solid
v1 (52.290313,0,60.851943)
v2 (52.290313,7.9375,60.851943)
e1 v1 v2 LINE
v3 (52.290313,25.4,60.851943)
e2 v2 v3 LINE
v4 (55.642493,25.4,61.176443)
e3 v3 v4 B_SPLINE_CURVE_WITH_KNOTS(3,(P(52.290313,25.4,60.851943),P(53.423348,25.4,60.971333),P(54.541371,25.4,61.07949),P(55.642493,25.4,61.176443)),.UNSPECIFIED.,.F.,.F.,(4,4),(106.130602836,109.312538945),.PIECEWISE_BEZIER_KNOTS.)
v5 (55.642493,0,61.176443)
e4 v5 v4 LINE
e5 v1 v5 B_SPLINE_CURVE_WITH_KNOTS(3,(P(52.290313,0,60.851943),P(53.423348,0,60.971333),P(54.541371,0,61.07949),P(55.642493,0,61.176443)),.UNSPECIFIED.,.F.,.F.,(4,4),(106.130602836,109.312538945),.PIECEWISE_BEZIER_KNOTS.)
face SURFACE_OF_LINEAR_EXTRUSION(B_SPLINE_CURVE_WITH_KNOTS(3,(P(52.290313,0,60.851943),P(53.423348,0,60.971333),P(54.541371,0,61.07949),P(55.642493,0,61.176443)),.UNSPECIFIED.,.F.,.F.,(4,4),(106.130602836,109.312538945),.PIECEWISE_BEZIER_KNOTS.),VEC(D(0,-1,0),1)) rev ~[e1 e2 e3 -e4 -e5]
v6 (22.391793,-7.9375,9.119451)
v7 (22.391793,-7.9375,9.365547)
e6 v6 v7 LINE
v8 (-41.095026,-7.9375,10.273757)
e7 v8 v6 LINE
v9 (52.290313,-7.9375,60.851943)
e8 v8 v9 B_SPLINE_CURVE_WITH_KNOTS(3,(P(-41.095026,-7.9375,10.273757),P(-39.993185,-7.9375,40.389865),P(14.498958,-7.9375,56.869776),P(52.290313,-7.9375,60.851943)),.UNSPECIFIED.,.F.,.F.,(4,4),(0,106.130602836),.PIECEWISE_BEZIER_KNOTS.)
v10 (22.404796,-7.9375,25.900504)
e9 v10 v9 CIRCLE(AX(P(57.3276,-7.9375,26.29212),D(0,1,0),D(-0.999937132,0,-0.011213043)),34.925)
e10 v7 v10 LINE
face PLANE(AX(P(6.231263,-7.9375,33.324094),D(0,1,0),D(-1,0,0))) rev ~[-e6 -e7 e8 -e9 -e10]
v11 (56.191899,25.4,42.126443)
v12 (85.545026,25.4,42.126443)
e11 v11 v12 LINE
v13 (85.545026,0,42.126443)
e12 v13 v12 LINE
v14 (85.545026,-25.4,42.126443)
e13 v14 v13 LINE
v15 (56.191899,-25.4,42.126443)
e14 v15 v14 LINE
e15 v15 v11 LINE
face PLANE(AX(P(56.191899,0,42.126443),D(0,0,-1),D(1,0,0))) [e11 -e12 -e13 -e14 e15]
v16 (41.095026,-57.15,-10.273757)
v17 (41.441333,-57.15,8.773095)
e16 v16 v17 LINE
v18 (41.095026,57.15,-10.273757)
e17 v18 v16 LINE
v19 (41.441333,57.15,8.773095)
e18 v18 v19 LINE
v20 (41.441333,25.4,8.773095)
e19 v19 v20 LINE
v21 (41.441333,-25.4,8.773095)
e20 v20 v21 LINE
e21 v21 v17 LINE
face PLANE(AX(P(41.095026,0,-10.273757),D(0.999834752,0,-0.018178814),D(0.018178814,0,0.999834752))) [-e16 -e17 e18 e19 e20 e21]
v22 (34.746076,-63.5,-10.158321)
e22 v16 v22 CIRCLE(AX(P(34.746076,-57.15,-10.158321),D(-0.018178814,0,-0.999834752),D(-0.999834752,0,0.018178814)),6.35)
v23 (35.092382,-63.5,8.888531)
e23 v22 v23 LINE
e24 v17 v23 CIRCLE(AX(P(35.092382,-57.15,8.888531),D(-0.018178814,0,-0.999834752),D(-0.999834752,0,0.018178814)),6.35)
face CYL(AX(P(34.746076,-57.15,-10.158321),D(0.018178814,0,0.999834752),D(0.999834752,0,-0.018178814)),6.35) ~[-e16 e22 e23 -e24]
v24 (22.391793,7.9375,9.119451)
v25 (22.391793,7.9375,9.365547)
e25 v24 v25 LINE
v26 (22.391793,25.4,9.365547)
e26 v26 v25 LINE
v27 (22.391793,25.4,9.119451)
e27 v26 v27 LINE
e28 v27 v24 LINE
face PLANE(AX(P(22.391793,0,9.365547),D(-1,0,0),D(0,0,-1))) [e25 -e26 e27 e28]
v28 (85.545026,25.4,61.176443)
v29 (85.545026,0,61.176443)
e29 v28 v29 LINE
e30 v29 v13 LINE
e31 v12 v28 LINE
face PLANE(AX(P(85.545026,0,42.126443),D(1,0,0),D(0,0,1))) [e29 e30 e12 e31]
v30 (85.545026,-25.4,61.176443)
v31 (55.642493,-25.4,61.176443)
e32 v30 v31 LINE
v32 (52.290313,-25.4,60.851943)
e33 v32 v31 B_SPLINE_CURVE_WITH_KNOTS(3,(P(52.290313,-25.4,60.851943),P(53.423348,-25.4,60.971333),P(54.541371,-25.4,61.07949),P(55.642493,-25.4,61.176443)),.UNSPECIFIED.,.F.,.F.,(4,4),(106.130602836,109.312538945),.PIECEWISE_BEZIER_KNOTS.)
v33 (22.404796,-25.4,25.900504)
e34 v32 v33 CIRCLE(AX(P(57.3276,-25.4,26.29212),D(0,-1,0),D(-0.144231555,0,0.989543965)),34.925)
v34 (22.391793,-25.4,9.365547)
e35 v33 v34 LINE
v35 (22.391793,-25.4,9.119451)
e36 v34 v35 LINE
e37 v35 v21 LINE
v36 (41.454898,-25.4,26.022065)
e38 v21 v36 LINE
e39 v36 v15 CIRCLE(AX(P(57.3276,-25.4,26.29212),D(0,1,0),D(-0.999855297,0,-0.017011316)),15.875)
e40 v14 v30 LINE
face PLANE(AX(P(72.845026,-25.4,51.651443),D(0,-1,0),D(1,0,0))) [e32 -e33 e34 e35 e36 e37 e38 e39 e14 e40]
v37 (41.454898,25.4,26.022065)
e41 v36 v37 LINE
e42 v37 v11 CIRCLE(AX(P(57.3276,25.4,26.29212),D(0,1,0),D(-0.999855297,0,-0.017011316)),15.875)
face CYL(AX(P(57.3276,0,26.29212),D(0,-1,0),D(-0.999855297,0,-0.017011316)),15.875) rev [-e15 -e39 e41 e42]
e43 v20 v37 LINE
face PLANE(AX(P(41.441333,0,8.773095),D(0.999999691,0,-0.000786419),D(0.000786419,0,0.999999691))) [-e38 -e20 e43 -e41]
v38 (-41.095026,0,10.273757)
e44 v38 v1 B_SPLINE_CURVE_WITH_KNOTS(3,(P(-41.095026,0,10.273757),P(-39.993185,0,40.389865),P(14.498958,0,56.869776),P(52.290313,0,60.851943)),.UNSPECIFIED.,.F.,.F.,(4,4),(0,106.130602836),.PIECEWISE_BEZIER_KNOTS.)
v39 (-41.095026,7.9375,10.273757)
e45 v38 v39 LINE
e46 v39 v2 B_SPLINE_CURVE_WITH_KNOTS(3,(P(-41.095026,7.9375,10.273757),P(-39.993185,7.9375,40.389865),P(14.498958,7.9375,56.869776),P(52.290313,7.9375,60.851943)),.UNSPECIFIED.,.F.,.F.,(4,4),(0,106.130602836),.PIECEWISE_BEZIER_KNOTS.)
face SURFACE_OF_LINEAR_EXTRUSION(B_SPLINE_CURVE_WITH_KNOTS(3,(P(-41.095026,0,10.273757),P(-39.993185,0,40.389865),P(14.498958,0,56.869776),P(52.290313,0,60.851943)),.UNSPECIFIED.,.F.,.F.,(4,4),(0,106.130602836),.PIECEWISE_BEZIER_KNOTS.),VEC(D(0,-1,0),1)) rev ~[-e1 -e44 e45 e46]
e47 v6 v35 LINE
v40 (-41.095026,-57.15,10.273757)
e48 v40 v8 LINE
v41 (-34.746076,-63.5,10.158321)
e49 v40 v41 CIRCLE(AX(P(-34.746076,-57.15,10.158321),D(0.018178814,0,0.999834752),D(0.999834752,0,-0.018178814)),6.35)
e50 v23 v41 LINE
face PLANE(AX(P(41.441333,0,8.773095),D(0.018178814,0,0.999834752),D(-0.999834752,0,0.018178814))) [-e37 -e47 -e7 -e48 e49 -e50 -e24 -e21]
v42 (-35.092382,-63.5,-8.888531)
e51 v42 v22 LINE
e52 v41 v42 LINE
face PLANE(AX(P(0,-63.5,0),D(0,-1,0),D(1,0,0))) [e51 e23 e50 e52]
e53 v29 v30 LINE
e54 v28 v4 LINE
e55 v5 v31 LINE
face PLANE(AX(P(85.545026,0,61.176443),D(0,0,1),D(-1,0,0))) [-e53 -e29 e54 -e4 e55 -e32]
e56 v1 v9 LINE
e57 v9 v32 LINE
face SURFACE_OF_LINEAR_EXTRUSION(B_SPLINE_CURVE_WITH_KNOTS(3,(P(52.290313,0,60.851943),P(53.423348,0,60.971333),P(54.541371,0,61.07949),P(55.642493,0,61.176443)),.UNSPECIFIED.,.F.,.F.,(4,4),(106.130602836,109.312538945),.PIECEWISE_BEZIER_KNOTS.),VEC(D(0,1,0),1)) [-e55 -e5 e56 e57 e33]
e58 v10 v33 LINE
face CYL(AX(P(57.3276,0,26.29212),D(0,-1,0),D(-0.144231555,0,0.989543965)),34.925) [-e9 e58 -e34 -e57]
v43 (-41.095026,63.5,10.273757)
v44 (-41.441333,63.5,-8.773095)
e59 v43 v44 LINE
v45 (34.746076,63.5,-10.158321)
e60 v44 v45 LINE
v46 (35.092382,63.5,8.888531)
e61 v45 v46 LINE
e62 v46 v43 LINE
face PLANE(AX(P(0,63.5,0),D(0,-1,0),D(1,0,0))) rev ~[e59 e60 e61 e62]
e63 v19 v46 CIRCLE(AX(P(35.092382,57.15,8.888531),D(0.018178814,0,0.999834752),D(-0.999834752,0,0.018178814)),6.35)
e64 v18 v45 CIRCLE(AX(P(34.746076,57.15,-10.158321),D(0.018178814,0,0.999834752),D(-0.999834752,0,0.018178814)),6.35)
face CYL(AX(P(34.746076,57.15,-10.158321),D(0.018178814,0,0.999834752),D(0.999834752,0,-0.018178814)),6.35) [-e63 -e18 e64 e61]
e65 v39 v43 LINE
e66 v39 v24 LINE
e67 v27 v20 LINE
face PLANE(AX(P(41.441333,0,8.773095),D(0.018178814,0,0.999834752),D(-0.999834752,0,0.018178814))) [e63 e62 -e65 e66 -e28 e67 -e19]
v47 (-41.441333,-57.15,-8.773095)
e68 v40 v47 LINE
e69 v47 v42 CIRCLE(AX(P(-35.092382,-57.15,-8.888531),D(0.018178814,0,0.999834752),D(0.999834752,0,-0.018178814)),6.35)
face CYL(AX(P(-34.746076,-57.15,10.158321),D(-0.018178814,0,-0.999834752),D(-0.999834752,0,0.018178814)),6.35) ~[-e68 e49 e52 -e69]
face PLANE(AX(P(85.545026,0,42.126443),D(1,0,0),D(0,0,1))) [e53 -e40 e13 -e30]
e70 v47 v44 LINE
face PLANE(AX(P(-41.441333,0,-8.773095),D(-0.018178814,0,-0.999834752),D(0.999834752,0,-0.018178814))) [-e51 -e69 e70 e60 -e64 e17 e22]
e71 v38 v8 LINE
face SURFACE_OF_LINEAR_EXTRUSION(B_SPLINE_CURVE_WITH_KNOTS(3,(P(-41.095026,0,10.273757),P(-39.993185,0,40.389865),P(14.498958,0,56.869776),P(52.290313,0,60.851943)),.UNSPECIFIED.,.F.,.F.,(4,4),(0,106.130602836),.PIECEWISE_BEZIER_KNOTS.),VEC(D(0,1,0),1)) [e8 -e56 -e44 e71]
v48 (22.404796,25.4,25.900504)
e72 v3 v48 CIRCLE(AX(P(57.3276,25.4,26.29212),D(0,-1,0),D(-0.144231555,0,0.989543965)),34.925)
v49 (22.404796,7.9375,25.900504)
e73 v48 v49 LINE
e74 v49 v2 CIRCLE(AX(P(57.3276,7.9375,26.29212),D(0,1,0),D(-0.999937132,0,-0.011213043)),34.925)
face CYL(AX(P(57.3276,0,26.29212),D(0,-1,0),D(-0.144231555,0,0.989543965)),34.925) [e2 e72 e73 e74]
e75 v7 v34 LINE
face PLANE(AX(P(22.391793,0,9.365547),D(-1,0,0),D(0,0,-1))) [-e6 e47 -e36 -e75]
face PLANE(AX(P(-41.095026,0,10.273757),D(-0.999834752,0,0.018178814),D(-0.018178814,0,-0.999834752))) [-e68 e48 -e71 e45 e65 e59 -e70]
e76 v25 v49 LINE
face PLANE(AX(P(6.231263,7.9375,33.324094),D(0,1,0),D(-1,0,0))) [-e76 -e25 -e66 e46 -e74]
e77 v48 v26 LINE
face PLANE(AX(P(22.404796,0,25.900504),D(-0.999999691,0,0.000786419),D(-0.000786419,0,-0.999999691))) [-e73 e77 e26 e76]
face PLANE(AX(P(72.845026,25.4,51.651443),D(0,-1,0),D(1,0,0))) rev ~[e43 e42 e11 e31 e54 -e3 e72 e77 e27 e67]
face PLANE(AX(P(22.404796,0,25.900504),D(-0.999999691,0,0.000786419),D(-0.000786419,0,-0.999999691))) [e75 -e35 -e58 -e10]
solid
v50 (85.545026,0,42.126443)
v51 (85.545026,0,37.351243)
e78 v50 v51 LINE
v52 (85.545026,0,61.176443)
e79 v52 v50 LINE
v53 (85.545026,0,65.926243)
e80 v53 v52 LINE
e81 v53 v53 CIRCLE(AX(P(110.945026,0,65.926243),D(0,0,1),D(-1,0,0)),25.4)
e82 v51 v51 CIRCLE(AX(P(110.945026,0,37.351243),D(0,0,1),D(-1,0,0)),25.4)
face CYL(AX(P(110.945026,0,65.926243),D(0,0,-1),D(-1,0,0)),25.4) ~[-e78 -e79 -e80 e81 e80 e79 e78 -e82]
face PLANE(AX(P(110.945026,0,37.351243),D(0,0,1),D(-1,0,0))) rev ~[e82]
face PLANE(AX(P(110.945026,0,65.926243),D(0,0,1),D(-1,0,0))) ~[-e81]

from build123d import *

# Parameters (mm, degrees)
F1_DEPTH = 63.5
F0_W     = 25.4
F0_H     = 19.05
F2_DEPTH = 25.4
F3_DEPTH = 7.9375
F5_R     = 6.35


with BuildPart() as f1:
    # F0 (on Front) → F1 (new body, symmetric)
    with BuildSketch(Plane.XZ):
        Polygon((-41.4413325772, -8.7730954759), (41.0950261768, -10.2737565442), (41.4413325772, 8.7730954759), (22.3917926016, 9.1194507482), (-41.0950261768, 10.2737565442), align=None)
    extrude(amount=F1_DEPTH, both=True)

    # F0 (on Front) → F2 (join, symmetric)
    with BuildSketch(Plane.XZ):
        with Locations((72.8450261768, 51.6514434558)):
            Rectangle(F0_W, F0_H)
        with BuildLine():
            Line((22.3917926016, 9.1194507482), (41.4413325772, 8.7730954759))
            Line((41.4413325772, 8.7730954759), (41.4548975004, 26.0220651349))
            ThreePointArc((41.4548975004, 26.0220651349), (45.6161013981, 37.0092284112), (56.1918985276, 42.1264434558))
            Line((56.1918985276, 42.1264434558), (60.1450261768, 42.1264434558))
            Line((60.1450261768, 42.1264434558), (60.1450261768, 61.1764434558))
            Line((60.1450261768, 61.1764434558), (55.6424930992, 61.1764434558))
            add(Edge.make_bspline(
                [(52.2903132823, 60.8519427515), (53.4233481984, 60.971333396), (54.5413711132, 61.0794900705), (55.6424930992, 61.1764434558)],
                knots=[106.1306028358, 106.1306028358, 106.1306028358, 106.1306028358, 109.3125389445, 109.3125389445, 109.3125389445, 109.3125389445], degree=3))
            ThreePointArc((52.2903132823, 60.8519427515), (30.7832414406, 48.9890939254), (22.4047960117, 25.9005042398))
            Line((22.4047960117, 25.9005042398), (22.3917926016, 9.3655468447))
            Line((22.3917926016, 9.3655468447), (22.3917926016, 9.1194507482))
        make_face()
    extrude(amount=F2_DEPTH, both=True)

    # F0 (on Front) → F3 (join, symmetric)
    with BuildSketch(Plane.XZ):
        with BuildLine():
            add(Edge.make_bspline(
                [(-41.0950261768, 10.2737565442), (-39.9931851402, 40.3898650296), (14.4989577746, 56.8697757186), (52.2903132823, 60.8519427515)],
                knots=[0, 0, 0, 0, 106.1306028358, 106.1306028358, 106.1306028358, 106.1306028358], degree=3))
            Line((-41.0950261768, 10.2737565442), (22.3917926016, 9.1194507482))
            Line((22.3917926016, 9.1194507482), (22.3917926016, 9.3655468447))
            Line((22.3917926016, 9.3655468447), (22.4047960117, 25.9005042398))
            ThreePointArc((22.4047960117, 25.9005042398), (30.7832414406, 48.9890939254), (52.2903132823, 60.8519427515))
        make_face()
    extrude(amount=F3_DEPTH, both=True)

    # F0 (on Front) → F4 (revolve)
    with BuildSketch(Plane.XZ):
        Polygon((85.5450261768, 61.1764434558), (85.5450261768, 42.1264434558), (85.5450261768, 37.3512434558), (110.9450261768, 37.3512434558), (110.9450261768, 65.9262434558), (85.5450261768, 65.9262434558), align=None)
    revolve(axis=Axis((110.9450261768, 0, 51.6387434558), (0, 0, 1)))

    # F5
    f5_edges = [f1.edges().sort_by_distance(p)[0] for p in [
        (41.268179, -63.5, -0.750331),
        (-41.268179, -63.5, 0.750331),
        (41.268179, 63.5, -0.750331),
    ]]
    fillet(f5_edges, radius=F5_R)


solid = f1.part
